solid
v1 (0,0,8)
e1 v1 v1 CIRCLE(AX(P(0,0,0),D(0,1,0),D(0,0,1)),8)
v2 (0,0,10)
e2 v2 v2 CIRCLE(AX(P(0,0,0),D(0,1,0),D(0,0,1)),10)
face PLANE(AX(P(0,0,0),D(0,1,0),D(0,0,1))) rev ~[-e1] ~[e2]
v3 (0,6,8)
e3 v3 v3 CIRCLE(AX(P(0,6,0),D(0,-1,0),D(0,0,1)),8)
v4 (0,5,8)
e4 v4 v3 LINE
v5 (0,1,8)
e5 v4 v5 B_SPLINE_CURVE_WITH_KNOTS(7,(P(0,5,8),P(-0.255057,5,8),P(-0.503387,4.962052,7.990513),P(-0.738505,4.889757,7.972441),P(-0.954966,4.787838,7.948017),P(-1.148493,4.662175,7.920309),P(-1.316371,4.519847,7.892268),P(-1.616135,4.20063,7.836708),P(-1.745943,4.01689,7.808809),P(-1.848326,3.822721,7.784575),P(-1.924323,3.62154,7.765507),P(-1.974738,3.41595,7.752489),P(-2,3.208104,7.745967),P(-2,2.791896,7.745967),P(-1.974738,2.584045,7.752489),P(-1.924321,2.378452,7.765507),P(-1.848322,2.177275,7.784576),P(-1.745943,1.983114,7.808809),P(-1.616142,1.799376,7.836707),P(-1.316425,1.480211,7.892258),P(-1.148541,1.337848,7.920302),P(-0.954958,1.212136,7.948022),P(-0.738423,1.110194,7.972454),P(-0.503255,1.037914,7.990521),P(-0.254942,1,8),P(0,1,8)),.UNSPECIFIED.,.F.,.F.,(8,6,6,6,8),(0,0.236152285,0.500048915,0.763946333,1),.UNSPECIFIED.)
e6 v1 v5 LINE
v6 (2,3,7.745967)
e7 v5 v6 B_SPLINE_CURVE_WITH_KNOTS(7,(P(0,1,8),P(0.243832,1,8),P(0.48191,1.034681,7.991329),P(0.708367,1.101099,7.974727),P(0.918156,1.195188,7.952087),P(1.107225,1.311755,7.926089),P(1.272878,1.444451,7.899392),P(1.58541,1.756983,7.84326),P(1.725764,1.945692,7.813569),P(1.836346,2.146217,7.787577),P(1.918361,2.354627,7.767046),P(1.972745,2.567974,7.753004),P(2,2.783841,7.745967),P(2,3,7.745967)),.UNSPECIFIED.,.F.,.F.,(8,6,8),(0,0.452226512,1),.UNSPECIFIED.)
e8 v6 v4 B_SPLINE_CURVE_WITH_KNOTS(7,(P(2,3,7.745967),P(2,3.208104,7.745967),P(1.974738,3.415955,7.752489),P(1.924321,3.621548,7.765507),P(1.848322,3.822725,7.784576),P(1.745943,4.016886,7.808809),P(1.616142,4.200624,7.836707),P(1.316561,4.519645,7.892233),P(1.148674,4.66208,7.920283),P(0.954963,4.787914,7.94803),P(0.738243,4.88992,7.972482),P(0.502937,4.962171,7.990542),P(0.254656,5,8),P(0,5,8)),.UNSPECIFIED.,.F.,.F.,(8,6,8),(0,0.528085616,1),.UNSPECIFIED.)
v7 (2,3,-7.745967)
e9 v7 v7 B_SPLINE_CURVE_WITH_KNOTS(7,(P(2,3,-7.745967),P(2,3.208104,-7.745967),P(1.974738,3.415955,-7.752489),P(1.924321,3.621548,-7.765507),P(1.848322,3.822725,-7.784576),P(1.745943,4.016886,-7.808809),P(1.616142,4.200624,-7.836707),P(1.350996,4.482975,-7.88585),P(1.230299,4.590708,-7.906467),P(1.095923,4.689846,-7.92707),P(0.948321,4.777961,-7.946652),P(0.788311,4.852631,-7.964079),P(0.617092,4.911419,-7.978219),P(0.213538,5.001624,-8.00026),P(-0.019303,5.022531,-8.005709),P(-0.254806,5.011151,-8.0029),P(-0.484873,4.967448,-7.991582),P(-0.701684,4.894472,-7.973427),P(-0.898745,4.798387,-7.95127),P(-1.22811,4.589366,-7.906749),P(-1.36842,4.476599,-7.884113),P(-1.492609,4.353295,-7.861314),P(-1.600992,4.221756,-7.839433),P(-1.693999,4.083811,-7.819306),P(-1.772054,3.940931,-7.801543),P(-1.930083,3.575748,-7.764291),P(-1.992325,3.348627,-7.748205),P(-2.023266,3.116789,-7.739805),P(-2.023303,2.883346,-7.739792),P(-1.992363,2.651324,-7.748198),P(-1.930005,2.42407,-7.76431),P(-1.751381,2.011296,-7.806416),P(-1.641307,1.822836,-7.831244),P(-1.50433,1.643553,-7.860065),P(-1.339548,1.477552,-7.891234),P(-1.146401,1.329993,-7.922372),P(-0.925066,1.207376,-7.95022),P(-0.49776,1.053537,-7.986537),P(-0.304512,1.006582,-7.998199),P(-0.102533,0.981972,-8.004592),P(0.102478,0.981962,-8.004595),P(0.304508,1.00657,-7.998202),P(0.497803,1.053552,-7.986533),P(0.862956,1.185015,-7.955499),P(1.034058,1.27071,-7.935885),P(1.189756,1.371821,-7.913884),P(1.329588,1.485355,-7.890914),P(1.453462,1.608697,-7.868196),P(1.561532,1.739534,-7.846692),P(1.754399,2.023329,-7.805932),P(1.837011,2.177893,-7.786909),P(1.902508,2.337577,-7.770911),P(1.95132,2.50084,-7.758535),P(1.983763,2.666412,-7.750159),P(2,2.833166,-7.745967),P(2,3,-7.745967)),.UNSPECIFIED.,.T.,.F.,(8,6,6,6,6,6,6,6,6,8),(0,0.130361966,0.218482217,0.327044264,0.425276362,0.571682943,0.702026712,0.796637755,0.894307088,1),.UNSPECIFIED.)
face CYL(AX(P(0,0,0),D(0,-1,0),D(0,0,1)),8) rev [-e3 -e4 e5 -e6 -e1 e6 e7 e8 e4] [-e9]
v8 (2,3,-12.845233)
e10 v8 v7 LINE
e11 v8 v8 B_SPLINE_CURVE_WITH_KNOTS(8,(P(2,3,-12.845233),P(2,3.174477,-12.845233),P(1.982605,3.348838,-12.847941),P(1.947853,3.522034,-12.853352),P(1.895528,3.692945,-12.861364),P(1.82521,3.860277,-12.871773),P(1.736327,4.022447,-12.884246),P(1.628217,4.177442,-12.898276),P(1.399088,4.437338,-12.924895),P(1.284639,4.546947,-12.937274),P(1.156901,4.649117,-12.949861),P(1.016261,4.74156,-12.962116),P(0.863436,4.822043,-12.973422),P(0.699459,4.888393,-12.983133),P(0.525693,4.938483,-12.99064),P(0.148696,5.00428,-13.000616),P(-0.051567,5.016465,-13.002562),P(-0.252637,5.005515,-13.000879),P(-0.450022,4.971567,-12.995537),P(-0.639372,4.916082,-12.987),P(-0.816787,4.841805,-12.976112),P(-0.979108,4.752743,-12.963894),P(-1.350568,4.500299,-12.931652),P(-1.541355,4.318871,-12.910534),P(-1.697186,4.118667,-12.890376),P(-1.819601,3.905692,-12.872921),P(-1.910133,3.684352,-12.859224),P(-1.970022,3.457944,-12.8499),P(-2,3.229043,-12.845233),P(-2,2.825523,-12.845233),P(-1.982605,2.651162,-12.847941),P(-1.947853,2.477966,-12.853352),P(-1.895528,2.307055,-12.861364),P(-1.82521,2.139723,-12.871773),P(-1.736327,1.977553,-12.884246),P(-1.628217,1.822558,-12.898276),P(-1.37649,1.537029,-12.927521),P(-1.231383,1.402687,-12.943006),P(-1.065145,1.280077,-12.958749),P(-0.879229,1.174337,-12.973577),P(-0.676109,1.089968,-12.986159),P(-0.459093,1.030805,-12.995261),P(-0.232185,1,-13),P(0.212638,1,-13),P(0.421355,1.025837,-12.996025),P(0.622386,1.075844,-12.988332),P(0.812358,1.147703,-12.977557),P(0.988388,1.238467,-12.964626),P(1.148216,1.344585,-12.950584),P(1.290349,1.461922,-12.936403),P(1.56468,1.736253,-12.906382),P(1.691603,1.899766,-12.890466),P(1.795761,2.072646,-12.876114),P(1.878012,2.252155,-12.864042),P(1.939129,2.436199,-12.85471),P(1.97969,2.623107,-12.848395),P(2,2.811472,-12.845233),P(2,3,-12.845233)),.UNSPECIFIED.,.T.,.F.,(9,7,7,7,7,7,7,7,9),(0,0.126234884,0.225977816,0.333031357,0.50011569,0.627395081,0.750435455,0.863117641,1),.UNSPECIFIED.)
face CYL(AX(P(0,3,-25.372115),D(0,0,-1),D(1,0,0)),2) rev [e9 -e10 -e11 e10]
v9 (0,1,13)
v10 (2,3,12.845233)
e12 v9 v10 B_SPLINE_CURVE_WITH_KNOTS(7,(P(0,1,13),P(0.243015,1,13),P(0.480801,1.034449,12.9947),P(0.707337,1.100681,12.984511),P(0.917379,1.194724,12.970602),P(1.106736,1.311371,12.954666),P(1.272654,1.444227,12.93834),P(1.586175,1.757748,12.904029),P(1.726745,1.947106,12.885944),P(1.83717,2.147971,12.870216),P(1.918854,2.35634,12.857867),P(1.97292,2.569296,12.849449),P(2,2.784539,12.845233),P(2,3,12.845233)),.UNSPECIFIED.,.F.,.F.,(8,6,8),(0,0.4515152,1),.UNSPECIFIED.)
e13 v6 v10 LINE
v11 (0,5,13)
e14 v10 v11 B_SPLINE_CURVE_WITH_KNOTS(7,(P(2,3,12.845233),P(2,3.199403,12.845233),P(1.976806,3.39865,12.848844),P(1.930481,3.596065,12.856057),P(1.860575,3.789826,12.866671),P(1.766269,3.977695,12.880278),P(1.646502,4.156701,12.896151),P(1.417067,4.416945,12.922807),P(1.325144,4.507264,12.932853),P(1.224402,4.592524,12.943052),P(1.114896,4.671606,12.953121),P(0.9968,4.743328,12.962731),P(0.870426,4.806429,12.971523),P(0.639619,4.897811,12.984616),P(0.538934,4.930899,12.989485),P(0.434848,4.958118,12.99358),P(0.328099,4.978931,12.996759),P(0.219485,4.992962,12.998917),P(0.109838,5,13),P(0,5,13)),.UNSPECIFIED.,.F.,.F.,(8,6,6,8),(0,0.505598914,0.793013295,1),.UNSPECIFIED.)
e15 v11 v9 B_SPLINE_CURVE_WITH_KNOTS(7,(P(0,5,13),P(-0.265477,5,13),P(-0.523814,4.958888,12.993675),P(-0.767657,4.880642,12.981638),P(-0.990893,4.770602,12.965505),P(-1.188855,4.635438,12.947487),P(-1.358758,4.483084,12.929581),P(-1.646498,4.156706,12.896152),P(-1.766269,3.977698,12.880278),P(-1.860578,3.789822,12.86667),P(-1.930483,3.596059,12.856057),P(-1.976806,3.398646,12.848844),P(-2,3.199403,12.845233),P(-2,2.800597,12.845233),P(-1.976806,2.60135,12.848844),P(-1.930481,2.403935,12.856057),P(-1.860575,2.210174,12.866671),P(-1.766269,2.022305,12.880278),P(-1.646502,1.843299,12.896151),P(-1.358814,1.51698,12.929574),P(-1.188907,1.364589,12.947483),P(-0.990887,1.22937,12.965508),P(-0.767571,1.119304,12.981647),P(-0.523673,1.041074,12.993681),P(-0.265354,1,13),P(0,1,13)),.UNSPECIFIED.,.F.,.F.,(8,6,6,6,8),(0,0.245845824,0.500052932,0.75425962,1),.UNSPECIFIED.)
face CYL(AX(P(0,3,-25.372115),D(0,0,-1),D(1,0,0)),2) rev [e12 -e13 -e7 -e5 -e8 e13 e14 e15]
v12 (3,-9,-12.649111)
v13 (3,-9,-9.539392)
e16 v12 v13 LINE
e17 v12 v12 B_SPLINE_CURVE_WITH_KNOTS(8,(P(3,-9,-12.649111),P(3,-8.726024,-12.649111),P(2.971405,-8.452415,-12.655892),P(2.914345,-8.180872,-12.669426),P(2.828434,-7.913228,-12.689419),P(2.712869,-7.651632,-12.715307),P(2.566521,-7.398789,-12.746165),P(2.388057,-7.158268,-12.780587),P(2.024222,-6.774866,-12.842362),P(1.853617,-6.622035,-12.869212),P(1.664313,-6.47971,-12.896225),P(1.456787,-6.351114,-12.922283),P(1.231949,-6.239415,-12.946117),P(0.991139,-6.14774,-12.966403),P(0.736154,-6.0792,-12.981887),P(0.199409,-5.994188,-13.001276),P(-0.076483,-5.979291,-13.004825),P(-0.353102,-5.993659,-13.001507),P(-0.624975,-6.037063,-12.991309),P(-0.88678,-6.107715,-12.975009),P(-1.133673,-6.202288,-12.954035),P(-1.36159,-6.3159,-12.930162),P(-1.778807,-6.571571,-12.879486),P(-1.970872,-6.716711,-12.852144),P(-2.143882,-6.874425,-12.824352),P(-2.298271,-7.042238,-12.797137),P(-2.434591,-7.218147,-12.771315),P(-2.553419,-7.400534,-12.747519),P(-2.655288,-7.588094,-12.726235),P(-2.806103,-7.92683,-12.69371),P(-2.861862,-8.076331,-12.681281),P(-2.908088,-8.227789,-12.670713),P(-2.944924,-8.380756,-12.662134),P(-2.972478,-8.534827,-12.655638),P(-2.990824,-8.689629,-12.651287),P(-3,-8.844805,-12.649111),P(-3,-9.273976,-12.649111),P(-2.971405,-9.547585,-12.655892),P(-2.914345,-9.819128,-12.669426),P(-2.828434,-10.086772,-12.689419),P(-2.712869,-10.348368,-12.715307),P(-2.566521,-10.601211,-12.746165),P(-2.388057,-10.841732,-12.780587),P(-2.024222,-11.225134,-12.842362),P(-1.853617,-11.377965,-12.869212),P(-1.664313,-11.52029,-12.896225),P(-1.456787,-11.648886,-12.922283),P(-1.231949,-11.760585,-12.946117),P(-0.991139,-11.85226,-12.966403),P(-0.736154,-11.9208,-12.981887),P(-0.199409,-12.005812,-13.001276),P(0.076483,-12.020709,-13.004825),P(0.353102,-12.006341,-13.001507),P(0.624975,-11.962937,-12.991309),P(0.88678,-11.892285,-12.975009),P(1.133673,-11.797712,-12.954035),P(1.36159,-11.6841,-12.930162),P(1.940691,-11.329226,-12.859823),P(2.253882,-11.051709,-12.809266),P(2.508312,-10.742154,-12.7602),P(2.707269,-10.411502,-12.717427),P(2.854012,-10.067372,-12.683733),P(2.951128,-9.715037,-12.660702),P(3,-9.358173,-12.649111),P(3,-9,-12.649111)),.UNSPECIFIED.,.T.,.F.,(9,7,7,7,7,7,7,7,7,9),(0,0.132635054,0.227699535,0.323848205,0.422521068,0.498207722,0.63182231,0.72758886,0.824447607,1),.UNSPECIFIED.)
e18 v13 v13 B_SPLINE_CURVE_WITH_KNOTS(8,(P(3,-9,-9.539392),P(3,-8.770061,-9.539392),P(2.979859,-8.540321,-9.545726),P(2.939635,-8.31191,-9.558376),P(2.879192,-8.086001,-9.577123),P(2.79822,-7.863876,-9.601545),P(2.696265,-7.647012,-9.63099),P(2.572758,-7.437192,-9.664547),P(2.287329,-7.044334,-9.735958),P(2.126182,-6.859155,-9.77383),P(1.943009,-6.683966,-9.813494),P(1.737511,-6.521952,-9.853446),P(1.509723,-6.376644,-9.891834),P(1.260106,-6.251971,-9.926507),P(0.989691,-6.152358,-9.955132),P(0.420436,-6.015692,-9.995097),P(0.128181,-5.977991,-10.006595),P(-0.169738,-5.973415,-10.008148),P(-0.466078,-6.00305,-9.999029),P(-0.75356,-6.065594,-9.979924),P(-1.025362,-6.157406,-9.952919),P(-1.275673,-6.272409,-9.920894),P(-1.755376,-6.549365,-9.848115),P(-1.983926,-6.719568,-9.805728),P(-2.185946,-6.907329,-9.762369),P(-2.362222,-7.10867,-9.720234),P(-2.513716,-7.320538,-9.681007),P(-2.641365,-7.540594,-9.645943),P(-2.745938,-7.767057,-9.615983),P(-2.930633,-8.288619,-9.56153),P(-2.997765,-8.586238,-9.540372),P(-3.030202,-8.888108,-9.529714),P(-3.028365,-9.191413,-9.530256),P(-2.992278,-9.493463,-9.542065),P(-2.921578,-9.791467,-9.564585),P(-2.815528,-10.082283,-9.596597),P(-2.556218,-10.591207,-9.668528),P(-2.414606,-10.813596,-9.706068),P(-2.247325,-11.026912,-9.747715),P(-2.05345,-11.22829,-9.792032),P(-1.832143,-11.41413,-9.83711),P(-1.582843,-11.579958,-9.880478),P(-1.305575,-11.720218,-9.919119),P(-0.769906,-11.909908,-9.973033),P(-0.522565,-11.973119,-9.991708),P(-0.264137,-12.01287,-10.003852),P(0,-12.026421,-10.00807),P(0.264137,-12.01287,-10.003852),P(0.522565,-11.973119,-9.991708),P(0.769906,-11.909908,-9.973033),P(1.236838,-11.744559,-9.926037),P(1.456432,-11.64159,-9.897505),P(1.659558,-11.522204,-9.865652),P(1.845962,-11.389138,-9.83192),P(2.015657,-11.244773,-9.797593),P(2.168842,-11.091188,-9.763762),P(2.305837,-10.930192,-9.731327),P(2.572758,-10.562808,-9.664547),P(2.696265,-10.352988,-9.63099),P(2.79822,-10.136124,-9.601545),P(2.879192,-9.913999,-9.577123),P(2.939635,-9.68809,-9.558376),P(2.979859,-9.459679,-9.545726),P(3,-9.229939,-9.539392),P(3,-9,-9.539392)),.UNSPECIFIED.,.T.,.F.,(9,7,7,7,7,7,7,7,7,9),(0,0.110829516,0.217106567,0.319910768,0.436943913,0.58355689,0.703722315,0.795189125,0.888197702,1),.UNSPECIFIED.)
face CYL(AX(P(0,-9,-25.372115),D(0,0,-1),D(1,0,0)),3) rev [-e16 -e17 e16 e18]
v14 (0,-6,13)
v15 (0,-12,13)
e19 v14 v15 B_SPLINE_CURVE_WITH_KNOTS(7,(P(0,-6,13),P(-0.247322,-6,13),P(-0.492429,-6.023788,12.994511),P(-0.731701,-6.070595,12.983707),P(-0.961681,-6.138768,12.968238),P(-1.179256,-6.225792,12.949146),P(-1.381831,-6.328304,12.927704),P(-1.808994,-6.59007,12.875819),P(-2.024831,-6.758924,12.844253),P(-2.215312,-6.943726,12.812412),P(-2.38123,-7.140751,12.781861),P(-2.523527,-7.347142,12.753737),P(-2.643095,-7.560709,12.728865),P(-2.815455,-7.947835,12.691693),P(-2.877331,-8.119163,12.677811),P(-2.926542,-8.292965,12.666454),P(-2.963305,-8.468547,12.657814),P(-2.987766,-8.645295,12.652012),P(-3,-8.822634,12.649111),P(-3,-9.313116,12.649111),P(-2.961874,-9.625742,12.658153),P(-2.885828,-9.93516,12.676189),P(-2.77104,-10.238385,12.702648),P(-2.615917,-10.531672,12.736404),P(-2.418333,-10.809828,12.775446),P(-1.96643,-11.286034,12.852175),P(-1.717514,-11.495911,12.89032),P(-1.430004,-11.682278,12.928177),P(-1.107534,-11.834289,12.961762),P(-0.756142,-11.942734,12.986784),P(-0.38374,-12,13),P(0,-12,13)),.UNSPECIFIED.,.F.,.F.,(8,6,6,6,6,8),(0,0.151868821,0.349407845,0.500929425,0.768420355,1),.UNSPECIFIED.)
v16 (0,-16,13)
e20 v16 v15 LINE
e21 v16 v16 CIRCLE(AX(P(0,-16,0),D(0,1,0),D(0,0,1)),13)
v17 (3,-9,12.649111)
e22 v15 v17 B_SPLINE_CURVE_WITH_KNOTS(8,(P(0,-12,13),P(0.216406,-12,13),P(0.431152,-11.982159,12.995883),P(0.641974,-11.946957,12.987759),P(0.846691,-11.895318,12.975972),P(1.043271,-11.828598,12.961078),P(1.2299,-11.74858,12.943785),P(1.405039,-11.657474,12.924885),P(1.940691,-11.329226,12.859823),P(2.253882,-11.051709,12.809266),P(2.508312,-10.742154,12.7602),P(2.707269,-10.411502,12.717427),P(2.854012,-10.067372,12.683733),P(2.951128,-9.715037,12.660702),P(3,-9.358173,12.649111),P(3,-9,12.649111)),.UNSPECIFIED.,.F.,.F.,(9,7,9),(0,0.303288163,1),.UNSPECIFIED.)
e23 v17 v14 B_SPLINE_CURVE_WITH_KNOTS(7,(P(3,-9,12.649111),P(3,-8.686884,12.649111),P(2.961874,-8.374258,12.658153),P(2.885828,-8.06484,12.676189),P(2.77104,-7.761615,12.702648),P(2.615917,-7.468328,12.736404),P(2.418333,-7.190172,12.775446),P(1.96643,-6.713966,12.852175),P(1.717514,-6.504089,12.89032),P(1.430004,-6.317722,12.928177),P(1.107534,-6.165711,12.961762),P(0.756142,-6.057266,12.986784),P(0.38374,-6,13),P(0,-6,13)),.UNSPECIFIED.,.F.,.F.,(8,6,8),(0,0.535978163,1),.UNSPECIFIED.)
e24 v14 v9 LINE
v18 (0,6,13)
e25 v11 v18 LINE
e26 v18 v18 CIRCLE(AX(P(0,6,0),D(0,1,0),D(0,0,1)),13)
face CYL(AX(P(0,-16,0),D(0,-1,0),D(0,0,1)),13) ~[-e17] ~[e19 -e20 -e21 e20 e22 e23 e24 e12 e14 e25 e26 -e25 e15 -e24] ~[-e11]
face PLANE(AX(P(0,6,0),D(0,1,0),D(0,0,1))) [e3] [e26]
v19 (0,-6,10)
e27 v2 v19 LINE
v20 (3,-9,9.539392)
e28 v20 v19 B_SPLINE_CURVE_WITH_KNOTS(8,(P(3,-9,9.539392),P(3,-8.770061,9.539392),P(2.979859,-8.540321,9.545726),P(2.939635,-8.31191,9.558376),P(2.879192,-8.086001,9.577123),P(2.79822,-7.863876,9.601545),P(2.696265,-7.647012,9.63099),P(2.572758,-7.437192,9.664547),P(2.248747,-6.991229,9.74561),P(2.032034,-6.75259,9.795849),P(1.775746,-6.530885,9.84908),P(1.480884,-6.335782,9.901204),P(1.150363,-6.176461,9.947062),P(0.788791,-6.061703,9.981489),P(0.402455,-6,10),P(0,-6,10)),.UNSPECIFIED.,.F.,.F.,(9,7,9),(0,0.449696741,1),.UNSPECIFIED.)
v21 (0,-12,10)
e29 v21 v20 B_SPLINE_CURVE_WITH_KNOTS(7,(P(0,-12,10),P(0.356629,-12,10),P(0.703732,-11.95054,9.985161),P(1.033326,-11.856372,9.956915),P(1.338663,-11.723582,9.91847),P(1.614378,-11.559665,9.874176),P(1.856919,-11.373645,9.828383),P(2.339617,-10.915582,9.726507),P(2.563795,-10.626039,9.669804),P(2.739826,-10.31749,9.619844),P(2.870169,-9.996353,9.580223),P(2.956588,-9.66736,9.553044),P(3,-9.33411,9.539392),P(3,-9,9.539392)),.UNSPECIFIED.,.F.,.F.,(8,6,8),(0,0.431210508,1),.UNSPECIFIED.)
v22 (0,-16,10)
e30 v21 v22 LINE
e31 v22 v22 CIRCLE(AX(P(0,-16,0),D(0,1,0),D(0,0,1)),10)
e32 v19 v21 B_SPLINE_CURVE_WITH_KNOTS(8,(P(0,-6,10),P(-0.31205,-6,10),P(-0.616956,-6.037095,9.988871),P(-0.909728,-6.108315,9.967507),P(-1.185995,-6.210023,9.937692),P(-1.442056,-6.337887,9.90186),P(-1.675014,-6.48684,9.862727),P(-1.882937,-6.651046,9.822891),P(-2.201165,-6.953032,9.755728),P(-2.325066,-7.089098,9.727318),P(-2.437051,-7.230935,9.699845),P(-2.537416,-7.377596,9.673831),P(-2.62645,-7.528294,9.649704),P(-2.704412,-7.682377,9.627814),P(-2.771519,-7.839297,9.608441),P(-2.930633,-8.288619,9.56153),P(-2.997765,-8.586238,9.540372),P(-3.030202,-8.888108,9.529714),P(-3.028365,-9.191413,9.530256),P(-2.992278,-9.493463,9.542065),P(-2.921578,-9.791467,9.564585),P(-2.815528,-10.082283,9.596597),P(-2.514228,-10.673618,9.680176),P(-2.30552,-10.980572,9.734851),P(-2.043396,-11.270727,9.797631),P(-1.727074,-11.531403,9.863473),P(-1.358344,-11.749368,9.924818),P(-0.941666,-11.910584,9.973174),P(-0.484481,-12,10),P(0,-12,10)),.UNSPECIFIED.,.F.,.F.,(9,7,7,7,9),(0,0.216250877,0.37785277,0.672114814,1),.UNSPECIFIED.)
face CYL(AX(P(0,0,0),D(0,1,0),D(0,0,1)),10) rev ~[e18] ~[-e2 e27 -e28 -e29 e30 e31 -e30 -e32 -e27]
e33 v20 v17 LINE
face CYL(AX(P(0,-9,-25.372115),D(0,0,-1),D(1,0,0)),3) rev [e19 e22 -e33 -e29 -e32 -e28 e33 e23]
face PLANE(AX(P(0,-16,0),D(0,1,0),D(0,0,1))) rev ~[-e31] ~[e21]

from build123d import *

# Parameters (mm, degrees)
EXTRUDE_START            = -16
SKETCH_1_R               = 13
EXTRUDE_1_DEPTH          = 22
CUT_EXTRUDE_1_REACH      = 26.372
SKETCH_2_R               = 8
CUT_EXTRUDE_2_REACH      = 26.372
SKETCH_3_R               = 10
CUT_EXTRUDE_3_DEPTH      = 25.372115214
CUT_EXTRUDE_3_DEPTH_BACK = 25.372115214
SKETCH_4_R               = 3
SKETCH_4_R_2             = 2


with BuildPart() as part:
    # 草图1 → 凸台-拉伸1 (new body)
    with BuildSketch(Plane(origin=(0, 0, 0), x_dir=(1, 0, 0), z_dir=(0, 1, 0)).offset(EXTRUDE_START)):
        with Locations(Location((0, 0, 0), (0, 0, 270))):
            Circle(SKETCH_1_R)
    extrude(amount=EXTRUDE_1_DEPTH)

    # 草图2 → 切除-拉伸1 (cut, up to next)
    with BuildSketch(Plane(origin=(0, 0, 0), x_dir=(1, 0, 0), z_dir=(0, 1, 0)), mode=Mode.PRIVATE) as cut_extrude_1_sk1:
        with Locations(Location((0, 0, 0), (0, 0, 270))):
            Circle(SKETCH_2_R)
    cut_extrude_1_tool1 = extrude(cut_extrude_1_sk1.sketch, amount=CUT_EXTRUDE_1_REACH, mode=Mode.PRIVATE) & part.part
    add(cut_extrude_1_tool1.solids().sort_by_distance((0, 0, 0))[0], mode=Mode.SUBTRACT)

    # 草图3 → 切除-拉伸2 (cut, up to next)
    with BuildSketch(Plane(origin=(0, 0, 0), x_dir=(1, 0, 0), z_dir=(0, 1, 0)), mode=Mode.PRIVATE) as cut_extrude_2_sk1:
        with Locations(Location((0, 0, 0), (0, 0, 270))):
            Circle(SKETCH_3_R)
    cut_extrude_2_tool1 = extrude(cut_extrude_2_sk1.sketch, amount=-CUT_EXTRUDE_2_REACH, mode=Mode.PRIVATE) & part.part
    add(cut_extrude_2_tool1.solids().sort_by_distance((0, 0, 0))[0], mode=Mode.SUBTRACT)

    # 草图4 → 切除-拉伸3 (cut, two sides: drawn at the far end of the back side and taken through both)
    with BuildSketch(Plane.XY.offset(-CUT_EXTRUDE_3_DEPTH_BACK)):
        with Locations((0, -9)):
            Circle(SKETCH_4_R)
        with Locations((0, 3)):
            Circle(SKETCH_4_R_2)
    extrude(amount=CUT_EXTRUDE_3_DEPTH + CUT_EXTRUDE_3_DEPTH_BACK, mode=Mode.SUBTRACT)


solid = part.part
